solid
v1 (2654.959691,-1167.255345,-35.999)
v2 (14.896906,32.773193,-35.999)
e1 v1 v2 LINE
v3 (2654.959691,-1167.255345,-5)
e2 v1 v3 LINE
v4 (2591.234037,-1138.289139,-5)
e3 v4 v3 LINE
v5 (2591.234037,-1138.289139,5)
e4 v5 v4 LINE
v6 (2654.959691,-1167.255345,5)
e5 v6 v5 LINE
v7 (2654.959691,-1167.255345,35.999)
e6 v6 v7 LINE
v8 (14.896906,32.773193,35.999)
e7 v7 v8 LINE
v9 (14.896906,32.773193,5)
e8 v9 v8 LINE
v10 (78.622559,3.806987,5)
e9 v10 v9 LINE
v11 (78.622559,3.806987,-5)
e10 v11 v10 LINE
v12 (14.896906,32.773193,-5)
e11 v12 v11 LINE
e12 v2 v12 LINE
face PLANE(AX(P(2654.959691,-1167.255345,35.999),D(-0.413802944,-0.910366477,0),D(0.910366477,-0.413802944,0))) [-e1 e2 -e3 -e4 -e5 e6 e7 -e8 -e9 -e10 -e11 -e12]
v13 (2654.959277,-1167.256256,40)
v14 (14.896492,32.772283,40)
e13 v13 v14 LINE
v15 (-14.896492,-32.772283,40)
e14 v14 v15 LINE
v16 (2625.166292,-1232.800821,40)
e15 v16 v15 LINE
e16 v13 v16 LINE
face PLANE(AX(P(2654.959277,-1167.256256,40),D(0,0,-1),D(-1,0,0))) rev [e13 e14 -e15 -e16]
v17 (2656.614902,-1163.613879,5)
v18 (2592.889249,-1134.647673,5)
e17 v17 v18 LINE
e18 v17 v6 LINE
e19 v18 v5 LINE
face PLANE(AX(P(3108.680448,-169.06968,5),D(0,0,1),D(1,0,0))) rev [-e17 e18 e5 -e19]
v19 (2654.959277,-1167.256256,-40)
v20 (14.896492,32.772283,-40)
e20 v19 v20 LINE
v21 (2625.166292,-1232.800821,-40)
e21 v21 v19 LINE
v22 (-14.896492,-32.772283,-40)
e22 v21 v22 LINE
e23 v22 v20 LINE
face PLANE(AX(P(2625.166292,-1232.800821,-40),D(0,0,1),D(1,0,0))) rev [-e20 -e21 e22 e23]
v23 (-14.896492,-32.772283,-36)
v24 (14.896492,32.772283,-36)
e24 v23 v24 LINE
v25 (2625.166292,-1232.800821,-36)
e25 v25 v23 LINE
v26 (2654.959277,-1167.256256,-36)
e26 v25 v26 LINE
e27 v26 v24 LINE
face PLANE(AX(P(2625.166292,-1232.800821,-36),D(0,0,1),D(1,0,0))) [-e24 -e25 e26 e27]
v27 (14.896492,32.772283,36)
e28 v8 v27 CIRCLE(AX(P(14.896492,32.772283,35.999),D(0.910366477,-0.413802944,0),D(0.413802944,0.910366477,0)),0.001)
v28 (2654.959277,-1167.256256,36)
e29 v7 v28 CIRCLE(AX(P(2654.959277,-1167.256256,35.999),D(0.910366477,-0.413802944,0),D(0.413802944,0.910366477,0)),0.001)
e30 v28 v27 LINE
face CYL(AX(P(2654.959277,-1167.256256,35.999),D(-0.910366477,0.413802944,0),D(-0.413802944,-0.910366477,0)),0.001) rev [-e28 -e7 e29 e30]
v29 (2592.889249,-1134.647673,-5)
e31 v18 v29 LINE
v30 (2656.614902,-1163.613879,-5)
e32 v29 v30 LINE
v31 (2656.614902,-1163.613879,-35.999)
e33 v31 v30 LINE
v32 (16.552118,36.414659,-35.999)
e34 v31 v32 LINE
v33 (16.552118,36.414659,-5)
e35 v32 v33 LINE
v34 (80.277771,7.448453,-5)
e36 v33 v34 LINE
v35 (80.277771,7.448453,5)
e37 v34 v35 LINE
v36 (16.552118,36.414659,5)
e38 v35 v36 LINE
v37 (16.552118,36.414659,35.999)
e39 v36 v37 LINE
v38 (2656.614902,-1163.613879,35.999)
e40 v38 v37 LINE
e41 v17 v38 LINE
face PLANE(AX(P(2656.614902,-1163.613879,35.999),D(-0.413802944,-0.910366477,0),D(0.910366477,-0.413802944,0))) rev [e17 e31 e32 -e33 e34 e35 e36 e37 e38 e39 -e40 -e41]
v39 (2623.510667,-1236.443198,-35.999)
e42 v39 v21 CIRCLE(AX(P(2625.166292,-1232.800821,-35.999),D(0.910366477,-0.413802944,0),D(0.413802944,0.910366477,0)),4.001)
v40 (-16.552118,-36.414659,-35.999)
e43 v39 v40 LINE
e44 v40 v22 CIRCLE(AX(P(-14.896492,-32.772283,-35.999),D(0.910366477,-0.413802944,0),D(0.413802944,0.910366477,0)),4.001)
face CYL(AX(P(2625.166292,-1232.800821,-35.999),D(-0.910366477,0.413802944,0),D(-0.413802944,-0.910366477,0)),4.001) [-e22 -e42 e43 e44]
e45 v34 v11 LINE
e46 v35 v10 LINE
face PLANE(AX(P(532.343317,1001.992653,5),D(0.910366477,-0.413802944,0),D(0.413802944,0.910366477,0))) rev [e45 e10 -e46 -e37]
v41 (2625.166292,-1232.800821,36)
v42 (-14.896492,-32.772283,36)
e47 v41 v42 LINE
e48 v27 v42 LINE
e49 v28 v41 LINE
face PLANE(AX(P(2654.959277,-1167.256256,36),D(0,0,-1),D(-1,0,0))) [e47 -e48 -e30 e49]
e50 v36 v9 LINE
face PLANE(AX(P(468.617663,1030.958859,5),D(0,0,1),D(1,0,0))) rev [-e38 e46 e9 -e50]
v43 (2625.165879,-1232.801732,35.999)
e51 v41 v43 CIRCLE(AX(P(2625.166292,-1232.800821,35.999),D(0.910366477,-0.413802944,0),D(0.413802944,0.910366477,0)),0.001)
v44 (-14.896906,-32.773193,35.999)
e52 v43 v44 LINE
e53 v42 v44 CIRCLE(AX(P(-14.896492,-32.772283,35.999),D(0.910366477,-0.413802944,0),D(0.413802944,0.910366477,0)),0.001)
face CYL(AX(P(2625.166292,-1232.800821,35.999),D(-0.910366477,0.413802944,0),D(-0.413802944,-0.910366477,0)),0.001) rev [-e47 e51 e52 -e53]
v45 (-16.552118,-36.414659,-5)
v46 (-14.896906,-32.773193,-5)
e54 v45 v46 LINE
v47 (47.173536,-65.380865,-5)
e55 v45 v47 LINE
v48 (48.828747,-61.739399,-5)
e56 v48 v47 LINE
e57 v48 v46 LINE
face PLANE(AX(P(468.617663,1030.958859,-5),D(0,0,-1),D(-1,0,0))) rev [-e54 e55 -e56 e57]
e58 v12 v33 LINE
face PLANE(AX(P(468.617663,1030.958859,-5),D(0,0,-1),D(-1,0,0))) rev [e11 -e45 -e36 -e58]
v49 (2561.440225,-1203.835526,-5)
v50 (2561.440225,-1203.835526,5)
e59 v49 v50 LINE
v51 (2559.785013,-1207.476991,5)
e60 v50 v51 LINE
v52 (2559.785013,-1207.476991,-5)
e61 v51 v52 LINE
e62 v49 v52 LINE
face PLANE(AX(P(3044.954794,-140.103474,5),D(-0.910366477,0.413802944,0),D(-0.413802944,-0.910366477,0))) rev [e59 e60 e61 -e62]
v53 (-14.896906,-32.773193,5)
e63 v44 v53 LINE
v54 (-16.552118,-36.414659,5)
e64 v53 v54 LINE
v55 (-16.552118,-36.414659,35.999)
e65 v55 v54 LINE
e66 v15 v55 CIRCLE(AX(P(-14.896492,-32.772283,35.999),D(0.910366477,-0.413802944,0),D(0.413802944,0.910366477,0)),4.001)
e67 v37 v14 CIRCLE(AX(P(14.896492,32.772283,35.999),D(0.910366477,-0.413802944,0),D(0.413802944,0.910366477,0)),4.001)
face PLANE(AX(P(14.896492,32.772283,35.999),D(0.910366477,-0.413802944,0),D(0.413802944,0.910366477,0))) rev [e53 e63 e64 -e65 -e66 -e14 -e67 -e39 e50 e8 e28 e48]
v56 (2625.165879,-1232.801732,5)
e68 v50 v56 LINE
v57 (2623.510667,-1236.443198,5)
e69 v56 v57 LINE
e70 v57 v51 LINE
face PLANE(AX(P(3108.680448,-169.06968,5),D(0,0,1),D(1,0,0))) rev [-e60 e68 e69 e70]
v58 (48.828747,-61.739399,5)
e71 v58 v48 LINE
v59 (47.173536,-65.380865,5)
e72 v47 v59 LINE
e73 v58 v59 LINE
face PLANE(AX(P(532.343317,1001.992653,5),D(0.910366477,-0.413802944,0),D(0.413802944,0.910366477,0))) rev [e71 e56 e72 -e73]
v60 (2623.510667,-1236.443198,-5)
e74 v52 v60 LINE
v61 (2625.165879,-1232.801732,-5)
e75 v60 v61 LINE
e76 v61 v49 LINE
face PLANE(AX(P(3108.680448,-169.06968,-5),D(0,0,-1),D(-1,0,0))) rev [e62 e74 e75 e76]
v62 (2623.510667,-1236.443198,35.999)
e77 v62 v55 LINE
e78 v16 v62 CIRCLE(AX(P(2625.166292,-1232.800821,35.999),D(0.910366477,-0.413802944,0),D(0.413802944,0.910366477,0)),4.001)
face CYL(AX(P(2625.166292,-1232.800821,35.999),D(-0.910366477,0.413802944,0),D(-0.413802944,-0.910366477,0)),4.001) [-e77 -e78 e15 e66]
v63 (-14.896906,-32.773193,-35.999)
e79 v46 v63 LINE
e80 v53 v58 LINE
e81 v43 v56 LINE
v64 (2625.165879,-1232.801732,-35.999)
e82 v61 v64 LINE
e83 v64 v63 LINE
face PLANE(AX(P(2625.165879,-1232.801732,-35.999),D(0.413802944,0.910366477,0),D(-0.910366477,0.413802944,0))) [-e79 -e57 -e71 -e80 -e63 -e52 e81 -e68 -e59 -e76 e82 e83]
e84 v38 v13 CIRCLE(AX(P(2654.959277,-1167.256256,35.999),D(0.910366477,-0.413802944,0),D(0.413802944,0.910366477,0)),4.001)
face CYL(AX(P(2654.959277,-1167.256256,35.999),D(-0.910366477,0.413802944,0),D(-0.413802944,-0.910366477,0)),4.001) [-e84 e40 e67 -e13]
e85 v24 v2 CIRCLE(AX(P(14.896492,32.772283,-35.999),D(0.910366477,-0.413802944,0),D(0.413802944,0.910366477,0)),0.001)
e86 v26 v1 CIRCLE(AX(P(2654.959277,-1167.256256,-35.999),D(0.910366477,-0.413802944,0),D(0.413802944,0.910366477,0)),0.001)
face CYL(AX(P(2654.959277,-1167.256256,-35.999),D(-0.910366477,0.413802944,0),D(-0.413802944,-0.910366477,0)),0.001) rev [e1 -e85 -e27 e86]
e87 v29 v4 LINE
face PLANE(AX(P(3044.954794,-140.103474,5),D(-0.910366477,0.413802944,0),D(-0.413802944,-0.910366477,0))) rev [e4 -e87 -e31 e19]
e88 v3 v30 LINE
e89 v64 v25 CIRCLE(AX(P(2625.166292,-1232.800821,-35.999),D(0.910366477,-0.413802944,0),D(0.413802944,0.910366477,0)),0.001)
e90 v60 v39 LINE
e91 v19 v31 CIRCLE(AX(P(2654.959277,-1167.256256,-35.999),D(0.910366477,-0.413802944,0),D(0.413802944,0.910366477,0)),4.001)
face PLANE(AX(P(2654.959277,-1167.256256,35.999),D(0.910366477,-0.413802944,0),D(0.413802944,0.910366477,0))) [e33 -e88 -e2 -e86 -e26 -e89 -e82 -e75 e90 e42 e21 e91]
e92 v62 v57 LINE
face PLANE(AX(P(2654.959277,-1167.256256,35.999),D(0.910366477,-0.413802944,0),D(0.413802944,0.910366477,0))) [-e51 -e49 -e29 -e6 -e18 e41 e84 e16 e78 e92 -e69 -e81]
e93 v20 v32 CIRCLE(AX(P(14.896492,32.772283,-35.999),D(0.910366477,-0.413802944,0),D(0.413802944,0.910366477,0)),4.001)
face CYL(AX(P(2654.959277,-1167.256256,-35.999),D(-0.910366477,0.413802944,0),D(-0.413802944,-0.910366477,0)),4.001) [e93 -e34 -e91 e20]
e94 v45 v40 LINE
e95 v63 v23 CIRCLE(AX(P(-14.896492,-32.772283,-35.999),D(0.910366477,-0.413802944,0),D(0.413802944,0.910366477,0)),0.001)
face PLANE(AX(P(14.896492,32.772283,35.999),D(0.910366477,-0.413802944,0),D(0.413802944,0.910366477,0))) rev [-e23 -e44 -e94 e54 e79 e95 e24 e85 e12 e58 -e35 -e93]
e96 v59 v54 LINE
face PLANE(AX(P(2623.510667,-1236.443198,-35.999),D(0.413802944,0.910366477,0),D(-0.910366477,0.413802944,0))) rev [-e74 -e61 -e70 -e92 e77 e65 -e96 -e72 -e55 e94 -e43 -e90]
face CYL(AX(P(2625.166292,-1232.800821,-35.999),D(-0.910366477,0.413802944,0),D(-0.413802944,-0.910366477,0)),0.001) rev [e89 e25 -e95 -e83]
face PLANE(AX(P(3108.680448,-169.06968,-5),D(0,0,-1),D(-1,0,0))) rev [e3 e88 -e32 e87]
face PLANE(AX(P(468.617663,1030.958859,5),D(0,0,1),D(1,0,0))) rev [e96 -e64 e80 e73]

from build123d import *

# Parameters (mm, degrees)
F_8639_82_80_X_80_X_4_0_1_DEPTH = 2900
SKETCH_3_W                      = 70
SKETCH_3_H                      = 10
CUT_EXTRUDE_1_DEPTH             = 2931.442016311


with BuildPart() as part:
    # Sketch11 → Квадратная труба гост 8639-82 _80 X 80 X 4.0(1) (new body)
    with BuildSketch(Plane(origin=(0, 0, 0), x_dir=(0.4138029443011841, 0.9103664774626047, 0), z_dir=(0.9103664774626047, -0.4138029443011841, 0))):
        with BuildLine():
            Line((-35.999, -40), (35.999, -40))
            ThreePointArc((35.999, -40), (38.828134232, -38.828134232), (40, -35.999))
            Line((40, -35.999), (40, 35.999))
            ThreePointArc((40, 35.999), (38.828134232, 38.828134232), (35.999, 40))
            Line((35.999, 40), (-35.999, 40))
            ThreePointArc((-35.999, 40), (-38.828134232, 38.828134232), (-40, 35.999))
            Line((-40, 35.999), (-40, -35.999))
            ThreePointArc((-40, -35.999), (-38.828134232, -38.828134232), (-35.999, -40))
        make_face()
        with BuildLine():
            Line((-35.999, -36), (35.999, -36))
            ThreePointArc((35.999, -36), (35.999707107, -35.999707107), (36, -35.999))
            Line((36, -35.999), (36, 35.999))
            ThreePointArc((36, 35.999), (35.999707107, 35.999707107), (35.999, 36))
            Line((35.999, 36), (-35.999, 36))
            ThreePointArc((-35.999, 36), (-35.999707107, 35.999707107), (-36, 35.999))
            Line((-36, 35.999), (-36, -35.999))
            ThreePointArc((-36, -35.999), (-35.999707107, -35.999707107), (-35.999, -36))
        make_face(mode=Mode.SUBTRACT)
    extrude(amount=F_8639_82_80_X_80_X_4_0_1_DEPTH)

    # Эскиз3 → Вырез-Вытянуть1 (cut, through all)
    with BuildSketch(Plane(origin=(-16.552117772, -36.414659099, 0), x_dir=(0.9103664774626047, -0.413802944301184, 0), z_dir=(-0.41380294430118403, -0.9103664774626048, 0))):
        with Locations((35, 0)):
            Rectangle(SKETCH_3_W, SKETCH_3_H)
        with Locations((2865, 0)):
            Rectangle(SKETCH_3_W, SKETCH_3_H)
    extrude(amount=-CUT_EXTRUDE_1_DEPTH, mode=Mode.SUBTRACT)


solid = part.part
